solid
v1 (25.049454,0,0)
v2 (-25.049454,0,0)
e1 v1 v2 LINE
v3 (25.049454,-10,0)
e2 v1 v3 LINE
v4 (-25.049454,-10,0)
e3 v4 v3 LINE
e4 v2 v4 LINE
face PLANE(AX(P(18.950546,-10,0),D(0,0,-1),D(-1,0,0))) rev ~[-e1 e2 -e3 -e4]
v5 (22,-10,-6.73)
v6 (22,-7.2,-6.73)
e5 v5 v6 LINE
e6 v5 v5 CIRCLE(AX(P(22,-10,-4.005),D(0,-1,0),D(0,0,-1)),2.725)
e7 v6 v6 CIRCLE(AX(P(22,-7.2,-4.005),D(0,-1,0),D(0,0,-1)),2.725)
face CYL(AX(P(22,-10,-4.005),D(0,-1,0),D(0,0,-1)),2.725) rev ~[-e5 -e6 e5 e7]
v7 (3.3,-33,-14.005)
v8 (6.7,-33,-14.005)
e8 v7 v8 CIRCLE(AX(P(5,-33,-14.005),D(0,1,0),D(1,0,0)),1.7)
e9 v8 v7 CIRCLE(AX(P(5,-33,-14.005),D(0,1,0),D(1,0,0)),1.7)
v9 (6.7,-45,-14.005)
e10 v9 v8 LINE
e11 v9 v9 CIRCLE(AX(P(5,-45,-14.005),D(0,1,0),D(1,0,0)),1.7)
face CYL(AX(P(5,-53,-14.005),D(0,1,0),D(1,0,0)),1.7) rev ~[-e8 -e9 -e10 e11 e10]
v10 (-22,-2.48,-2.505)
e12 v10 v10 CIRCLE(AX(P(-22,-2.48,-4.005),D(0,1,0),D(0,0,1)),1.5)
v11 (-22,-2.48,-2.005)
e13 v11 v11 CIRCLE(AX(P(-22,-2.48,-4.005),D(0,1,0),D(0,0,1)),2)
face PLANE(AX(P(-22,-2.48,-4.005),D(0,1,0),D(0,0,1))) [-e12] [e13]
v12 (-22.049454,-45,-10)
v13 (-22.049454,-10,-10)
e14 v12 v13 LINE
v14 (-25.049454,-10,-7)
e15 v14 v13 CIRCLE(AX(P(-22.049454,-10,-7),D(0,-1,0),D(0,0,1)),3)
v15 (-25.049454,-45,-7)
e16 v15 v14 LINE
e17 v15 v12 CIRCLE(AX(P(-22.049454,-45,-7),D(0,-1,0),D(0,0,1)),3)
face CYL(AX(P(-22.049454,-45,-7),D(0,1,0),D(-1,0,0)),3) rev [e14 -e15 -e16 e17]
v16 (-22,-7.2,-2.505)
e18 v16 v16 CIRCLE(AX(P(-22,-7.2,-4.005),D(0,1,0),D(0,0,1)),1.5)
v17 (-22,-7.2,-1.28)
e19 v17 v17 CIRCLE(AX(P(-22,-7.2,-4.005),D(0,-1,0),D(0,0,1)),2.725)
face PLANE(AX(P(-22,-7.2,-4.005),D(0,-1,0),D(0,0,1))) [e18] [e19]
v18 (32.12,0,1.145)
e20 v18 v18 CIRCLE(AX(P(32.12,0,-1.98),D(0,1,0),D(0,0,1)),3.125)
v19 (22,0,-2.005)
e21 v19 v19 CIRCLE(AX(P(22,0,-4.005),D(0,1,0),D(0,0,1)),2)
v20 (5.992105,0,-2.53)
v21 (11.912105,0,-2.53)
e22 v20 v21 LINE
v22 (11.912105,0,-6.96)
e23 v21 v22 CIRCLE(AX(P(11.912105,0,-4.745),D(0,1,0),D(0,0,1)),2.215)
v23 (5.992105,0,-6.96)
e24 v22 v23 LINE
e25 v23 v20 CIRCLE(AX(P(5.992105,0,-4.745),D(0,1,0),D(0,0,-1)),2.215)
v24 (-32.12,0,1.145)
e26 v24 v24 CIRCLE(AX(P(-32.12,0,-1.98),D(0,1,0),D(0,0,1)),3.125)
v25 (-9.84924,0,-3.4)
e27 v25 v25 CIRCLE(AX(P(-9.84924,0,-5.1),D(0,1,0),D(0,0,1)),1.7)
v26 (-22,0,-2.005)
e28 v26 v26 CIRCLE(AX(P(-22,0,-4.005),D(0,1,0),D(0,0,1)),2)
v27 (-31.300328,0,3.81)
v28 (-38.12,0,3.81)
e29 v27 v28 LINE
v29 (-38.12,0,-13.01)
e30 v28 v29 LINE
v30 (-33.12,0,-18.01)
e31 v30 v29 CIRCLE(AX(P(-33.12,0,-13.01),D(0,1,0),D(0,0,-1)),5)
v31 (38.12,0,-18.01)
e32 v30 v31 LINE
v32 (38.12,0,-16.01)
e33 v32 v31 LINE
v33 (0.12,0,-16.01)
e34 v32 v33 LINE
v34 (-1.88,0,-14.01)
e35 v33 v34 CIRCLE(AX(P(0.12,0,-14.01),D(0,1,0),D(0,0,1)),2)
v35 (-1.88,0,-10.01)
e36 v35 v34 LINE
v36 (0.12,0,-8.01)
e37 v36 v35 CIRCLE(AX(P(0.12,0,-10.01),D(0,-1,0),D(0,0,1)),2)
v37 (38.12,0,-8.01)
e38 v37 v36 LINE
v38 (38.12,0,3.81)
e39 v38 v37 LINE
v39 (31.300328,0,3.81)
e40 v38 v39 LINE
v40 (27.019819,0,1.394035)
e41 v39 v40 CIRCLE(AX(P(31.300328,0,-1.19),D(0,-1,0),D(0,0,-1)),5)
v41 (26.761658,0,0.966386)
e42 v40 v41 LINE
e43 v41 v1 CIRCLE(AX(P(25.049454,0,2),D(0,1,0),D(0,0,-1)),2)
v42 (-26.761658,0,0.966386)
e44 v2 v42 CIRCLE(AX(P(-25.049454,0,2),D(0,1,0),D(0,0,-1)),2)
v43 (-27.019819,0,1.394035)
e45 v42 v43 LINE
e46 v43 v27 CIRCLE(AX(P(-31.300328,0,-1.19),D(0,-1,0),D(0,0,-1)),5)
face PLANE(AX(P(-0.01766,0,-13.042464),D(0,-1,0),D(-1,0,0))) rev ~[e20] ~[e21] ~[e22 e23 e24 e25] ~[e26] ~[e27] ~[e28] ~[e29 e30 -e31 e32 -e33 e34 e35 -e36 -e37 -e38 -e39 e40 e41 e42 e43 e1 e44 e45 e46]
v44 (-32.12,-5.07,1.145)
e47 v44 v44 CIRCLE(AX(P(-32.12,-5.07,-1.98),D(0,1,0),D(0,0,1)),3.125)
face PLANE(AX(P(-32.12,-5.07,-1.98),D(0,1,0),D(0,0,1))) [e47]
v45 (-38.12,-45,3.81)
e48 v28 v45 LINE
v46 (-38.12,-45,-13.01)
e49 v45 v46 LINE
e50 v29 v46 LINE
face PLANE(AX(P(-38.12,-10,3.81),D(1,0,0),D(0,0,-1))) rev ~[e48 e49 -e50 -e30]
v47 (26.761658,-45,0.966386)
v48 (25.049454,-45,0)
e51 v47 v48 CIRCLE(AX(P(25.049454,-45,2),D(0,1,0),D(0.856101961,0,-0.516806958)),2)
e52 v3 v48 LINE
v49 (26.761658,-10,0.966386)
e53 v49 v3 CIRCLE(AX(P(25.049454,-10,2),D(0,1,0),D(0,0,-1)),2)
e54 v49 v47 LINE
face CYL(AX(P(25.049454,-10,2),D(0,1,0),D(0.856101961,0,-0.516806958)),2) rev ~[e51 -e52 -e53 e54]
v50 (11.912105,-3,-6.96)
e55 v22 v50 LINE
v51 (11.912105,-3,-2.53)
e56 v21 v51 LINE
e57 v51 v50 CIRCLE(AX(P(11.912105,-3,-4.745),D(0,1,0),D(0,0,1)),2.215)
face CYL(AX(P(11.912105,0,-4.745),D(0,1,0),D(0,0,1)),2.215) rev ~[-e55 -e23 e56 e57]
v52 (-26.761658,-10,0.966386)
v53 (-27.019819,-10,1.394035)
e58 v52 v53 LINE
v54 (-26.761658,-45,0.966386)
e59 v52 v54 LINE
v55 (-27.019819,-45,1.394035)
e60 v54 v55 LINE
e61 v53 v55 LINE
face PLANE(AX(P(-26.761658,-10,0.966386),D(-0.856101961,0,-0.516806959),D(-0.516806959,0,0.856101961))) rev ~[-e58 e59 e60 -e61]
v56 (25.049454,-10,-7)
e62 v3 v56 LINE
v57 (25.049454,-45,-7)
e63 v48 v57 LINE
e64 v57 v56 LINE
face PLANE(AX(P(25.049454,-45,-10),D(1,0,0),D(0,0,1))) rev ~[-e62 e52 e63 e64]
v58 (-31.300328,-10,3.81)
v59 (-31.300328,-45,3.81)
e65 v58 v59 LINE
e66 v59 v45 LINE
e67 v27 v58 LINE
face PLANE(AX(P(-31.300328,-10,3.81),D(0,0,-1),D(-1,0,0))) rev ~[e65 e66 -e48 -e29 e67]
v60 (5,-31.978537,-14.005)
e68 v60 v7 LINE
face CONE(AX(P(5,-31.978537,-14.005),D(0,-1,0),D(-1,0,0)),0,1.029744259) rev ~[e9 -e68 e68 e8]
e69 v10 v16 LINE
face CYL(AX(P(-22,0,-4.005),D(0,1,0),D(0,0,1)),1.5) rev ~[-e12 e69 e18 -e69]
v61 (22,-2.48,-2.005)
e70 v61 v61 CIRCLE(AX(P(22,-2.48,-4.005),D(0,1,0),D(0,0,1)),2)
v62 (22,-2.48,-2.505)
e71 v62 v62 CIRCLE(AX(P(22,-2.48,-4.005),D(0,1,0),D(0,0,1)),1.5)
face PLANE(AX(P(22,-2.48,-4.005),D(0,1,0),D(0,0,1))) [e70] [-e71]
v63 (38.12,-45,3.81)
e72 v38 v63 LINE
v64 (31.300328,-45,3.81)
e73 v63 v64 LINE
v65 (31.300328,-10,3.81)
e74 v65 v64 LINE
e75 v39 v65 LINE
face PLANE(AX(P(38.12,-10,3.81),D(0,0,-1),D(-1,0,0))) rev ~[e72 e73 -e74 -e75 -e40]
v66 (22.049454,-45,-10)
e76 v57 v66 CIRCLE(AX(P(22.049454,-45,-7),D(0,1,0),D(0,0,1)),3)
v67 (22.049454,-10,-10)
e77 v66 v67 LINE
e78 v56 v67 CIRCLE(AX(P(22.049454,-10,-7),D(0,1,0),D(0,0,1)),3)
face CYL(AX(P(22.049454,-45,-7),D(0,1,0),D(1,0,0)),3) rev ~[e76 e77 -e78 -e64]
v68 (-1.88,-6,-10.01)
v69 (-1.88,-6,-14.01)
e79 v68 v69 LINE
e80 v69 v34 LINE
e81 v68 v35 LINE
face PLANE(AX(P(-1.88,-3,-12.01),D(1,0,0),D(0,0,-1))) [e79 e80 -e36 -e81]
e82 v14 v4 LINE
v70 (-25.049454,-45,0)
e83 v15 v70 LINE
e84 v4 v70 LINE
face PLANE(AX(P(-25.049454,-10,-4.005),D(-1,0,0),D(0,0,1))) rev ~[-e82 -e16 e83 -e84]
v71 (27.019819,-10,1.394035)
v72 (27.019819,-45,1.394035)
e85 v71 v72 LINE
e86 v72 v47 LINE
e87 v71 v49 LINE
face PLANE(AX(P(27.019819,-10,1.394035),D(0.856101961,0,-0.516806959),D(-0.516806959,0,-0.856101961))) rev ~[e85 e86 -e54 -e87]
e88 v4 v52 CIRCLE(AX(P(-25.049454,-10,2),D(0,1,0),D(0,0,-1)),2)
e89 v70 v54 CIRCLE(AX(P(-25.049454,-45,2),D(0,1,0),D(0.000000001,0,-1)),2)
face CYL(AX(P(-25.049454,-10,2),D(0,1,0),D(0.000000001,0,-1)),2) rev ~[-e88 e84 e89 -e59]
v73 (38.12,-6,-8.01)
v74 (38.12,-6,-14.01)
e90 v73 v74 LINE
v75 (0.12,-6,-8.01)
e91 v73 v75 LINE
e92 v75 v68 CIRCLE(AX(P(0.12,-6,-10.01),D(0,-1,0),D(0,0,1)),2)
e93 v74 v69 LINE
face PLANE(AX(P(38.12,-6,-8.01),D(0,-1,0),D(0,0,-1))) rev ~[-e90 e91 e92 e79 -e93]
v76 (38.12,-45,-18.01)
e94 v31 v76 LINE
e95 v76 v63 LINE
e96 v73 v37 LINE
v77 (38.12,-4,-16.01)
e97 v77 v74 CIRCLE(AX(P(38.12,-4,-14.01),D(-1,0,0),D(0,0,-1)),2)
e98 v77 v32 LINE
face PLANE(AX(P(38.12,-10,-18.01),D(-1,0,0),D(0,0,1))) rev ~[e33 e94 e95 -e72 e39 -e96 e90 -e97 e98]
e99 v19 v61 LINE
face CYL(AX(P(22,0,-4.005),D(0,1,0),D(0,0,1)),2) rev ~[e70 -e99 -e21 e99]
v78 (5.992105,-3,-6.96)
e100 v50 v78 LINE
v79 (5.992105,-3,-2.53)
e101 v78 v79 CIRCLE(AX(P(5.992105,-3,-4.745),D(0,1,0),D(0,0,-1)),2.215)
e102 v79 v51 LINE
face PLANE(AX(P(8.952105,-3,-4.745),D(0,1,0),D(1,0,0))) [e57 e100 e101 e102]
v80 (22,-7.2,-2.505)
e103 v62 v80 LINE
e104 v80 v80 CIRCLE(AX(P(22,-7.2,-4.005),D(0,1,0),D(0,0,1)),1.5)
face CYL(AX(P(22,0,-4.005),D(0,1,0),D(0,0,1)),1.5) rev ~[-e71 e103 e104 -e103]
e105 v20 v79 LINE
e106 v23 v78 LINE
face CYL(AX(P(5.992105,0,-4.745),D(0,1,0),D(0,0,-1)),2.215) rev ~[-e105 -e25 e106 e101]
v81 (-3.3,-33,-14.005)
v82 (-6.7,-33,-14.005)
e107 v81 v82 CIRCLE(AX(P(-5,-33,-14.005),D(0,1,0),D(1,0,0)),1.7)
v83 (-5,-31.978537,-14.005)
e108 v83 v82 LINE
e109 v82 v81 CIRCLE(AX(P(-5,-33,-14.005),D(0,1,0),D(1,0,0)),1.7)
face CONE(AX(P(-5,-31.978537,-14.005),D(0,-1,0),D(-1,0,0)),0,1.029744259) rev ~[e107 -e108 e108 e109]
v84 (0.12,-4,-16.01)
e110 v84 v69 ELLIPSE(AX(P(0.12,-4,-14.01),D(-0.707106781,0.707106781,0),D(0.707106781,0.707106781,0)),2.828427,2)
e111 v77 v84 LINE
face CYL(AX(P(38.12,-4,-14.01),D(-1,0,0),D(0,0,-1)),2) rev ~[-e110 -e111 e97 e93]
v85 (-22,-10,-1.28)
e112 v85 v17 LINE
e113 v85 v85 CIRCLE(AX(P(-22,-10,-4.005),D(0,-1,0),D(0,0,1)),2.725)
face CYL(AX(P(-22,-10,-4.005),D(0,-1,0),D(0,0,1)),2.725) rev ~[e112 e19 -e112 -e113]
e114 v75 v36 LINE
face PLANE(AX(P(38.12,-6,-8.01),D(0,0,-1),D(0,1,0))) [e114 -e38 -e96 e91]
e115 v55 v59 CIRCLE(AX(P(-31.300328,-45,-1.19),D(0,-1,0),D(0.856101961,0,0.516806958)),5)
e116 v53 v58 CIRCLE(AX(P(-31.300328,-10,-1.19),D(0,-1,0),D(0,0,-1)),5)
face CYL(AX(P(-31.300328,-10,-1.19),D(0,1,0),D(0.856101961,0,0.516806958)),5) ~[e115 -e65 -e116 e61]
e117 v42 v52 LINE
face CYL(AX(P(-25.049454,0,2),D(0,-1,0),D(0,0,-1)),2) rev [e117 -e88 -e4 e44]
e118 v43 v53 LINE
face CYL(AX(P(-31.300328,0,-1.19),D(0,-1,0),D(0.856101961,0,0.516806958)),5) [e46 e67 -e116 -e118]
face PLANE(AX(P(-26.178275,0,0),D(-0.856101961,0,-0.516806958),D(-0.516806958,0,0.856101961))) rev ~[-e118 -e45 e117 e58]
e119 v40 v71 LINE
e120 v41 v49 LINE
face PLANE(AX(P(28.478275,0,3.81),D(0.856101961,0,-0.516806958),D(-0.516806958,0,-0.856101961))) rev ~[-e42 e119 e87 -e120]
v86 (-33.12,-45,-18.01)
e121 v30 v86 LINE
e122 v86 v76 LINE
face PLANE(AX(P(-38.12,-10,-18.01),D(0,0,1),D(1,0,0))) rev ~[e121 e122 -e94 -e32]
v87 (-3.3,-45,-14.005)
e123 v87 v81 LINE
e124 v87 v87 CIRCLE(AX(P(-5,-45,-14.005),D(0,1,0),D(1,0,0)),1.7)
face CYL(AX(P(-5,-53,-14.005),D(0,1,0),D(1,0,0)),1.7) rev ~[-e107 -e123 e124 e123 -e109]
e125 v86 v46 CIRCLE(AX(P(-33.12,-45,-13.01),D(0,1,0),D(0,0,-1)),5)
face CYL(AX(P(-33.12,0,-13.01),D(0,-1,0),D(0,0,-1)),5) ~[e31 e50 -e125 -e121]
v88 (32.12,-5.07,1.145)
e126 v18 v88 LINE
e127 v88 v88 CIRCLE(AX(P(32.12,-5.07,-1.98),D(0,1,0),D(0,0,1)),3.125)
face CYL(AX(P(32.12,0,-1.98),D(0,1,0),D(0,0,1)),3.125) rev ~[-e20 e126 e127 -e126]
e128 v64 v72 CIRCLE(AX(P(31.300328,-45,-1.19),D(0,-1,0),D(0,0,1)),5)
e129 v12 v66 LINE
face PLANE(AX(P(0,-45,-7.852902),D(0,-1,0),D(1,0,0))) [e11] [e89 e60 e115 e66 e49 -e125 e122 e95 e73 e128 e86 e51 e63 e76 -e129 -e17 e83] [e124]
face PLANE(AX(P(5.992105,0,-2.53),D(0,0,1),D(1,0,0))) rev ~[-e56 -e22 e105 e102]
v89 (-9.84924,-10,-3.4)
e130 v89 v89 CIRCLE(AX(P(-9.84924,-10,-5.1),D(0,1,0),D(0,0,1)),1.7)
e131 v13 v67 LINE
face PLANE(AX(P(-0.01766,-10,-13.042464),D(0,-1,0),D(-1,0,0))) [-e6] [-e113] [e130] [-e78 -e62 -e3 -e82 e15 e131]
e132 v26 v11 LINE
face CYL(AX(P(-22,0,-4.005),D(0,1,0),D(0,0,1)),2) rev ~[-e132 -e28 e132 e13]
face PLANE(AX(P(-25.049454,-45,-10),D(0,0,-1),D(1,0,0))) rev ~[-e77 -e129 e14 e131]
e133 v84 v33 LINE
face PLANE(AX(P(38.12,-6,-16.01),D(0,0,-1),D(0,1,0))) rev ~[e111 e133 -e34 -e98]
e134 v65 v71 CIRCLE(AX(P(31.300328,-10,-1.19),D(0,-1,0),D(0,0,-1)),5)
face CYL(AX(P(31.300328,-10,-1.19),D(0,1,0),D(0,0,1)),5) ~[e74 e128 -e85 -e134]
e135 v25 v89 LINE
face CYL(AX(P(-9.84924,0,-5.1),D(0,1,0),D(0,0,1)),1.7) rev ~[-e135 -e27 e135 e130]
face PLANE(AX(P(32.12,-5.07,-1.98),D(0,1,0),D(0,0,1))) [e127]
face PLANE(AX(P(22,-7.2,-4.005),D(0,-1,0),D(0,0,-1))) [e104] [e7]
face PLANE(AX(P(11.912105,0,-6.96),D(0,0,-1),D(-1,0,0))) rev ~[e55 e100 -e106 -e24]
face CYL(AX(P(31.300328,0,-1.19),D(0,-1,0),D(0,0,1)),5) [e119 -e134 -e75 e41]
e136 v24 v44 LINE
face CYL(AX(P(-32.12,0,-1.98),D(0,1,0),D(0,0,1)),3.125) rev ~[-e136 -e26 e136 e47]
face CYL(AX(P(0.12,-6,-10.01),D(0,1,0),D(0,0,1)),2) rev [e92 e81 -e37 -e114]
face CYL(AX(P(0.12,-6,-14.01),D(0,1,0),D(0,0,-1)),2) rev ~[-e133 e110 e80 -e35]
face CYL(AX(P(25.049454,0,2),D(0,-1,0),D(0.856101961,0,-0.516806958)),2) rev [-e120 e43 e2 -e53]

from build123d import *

# Parameters (mm, degrees)
SKETCH1_R                      = 2
SKETCH1_R_2                    = 3.125
SKETCH1_R_3                    = 1.7
BOSS_EXTRUDE1_DEPTH            = 10
FILLET2_R                      = 5
FILLET1_R                      = 2
SKETCH1_4_R                    = 3.125
CUT_EXTRUDE3_DEPTH             = 5.07
SKETCH1_7_R                    = 1.7
CUT_EXTRUDE6_DEPTH             = 10
CUT_EXTRUDE5_DEPTH             = 3
SKETCH1_5_R                    = 2
CUT_EXTRUDE4_DEPTH             = 2.48
SKETCH4_R                      = 1.5
CUT_EXTRUDE7_DEPTH             = 10
SKETCH5_R                      = 2.725
CUT_EXTRUDE8_DEPTH             = 2.8
BOSS_EXTRUDE2_DEPTH            = 10
BOSS_EXTRUDE3_DEPTH            = 35
FILLET13_R                     = 5
SKETCH10_W                     = 8
SKETCH10_H                     = 6
CUT_EXTRUDE12_DEPTH            = 40
FILLET14_R                     = 2
SKETCH27_W                     = 50.098907978
SKETCH27_H                     = 10
CUT_EXTRUDE22_DEPTH            = 35
FILLET17_R                     = 3
CBORE_FOR_M3_SHCS1_D           = 3.4
CBORE_FOR_M3_SHCS1_DEPTH       = 20
CBORE_FOR_M3_SHCS1_CBORE_D     = 6.5
CBORE_FOR_M3_SHCS1_CBORE_DEPTH = 3
CBORE_FOR_M3_SHCS1_TIP         = 1.021463052


with BuildPart() as part:
    # Sketch1 → Boss-Extrude1 (new body)
    with BuildSketch(Plane(origin=(0, 0, 0), x_dir=(1, 0, 0), z_dir=(0, 1, 0))):
        with BuildLine():
            ThreePointArc((-11.409245094, 8.977987014), (-9.849239736, 9.28), (-8.289234378, 8.977987014))
            ThreePointArc((-8.289234378, 8.977987014), (-5.835653376, 8.254222737), (-3.289234378, 8.01))
            Line((-3.289234378, 8.01), (38.12, 8.01))
            Line((38.12, 8.01), (38.12, -3.81))
            Line((38.12, -3.81), (28.478275237, -3.81))
            Line((28.478275237, -3.81), (26.178275237, 0))
            Line((26.178275237, 0), (-26.178275237, 0))
            Line((-26.178275237, 0), (-28.478275237, -3.81))
            Line((-28.478275237, -3.81), (-38.12, -3.81))
            Line((-38.12, -3.81), (-38.12, 8.01))
            Line((-38.12, 8.01), (-16.409245094, 8.01))
            ThreePointArc((-16.409245094, 8.01), (-13.862826096, 8.254222737), (-11.409245094, 8.977987014))
        make_face()
        with Locations((22, 4.005)):
            Circle(SKETCH1_R, mode=Mode.SUBTRACT)
        with Locations((-22, 4.005)):
            Circle(SKETCH1_R, mode=Mode.SUBTRACT)
        with Locations((-32.12, 1.98)):
            Circle(SKETCH1_R_2, mode=Mode.SUBTRACT)
        with Locations((32.12, 1.98)):
            Circle(SKETCH1_R_2, mode=Mode.SUBTRACT)
        with Locations((-9.849239736, 5.1)):
            Circle(SKETCH1_R_3, mode=Mode.SUBTRACT)
        with BuildLine():
            ThreePointArc((11.912105026, 2.53), (14.127105026, 4.745), (11.912105026, 6.96))
            Line((11.912105026, 6.96), (5.992105026, 6.96))
            ThreePointArc((5.992105026, 6.96), (3.777105026, 4.745), (5.992105026, 2.53))
            Line((5.992105026, 2.53), (11.912105026, 2.53))
        make_face(mode=Mode.SUBTRACT)
        with Locations((-22, 4.005)):
            Circle(SKETCH1_R)
        with Locations((-9.849239736, 5.1)):
            Circle(SKETCH1_R_3)
        with Locations((-32.12, 1.98)):
            Circle(SKETCH1_R_2)
        with BuildLine():
            Line((5.992105026, 2.53), (11.912105026, 2.53))
            ThreePointArc((11.912105026, 2.53), (14.127105026, 4.745), (11.912105026, 6.96))
            Line((11.912105026, 6.96), (5.992105026, 6.96))
            ThreePointArc((5.992105026, 6.96), (3.777105026, 4.745), (5.992105026, 2.53))
        make_face()
        with Locations((22, 4.005)):
            Circle(SKETCH1_R)
        with Locations((32.12, 1.98)):
            Circle(SKETCH1_R_2)
    extrude(amount=-BOSS_EXTRUDE1_DEPTH)

    # Fillet2
    fillet2_edges = [part.edges().sort_by_distance(p)[0] for p in [
        (28.478275237, -5, 3.81),
        (-28.478275237, -5, 3.81),
    ]]
    fillet(fillet2_edges, radius=FILLET2_R)

    # Fillet1
    fillet1_edges = [part.edges().sort_by_distance(p)[0] for p in [
        (26.178275237, -5, 0),
        (-26.178275237, -5, 0),
    ]]
    fillet(fillet1_edges, radius=FILLET1_R)

    # Sketch1_4 → Cut-Extrude3 (cut)
    with BuildSketch(Plane(origin=(0, 0, 0), x_dir=(1, 0, 0), z_dir=(0, 1, 0))):
        with Locations(Location((32.12, 1.98, 0), (0, 0, 270))):
            Circle(SKETCH1_4_R)
        with Locations(Location((-32.12, 1.98, 0), (0, 0, 270))):
            Circle(SKETCH1_4_R)
    extrude(amount=-CUT_EXTRUDE3_DEPTH, mode=Mode.SUBTRACT)

    # Sketch1_7 → Cut-Extrude6 (cut)
    with BuildSketch(Plane(origin=(0, 0, 0), x_dir=(1, 0, 0), z_dir=(0, 1, 0))):
        with Locations(Location((-9.849239736, 5.1, 0), (0, 0, 270))):
            Circle(SKETCH1_7_R)
    extrude(amount=-CUT_EXTRUDE6_DEPTH, mode=Mode.SUBTRACT)

    # Sketch1_6 → Cut-Extrude5 (cut)
    with BuildSketch(Plane(origin=(0, 0, 0), x_dir=(1, 0, 0), z_dir=(0, 1, 0))):
        with BuildLine():
            Line((5.992105026, 2.53), (11.912105026, 2.53))
            ThreePointArc((11.912105026, 2.53), (14.127105026, 4.745), (11.912105026, 6.96))
            Line((11.912105026, 6.96), (5.992105026, 6.96))
            ThreePointArc((5.992105026, 6.96), (3.777105026, 4.745), (5.992105026, 2.53))
        make_face()
    extrude(amount=-CUT_EXTRUDE5_DEPTH, mode=Mode.SUBTRACT)

    # Sketch1_5 → Cut-Extrude4 (cut)
    with BuildSketch(Plane(origin=(0, 0, 0), x_dir=(1, 0, 0), z_dir=(0, 1, 0))):
        with Locations(Location((-22, 4.005, 0), (0, 0, 270))):
            Circle(SKETCH1_5_R)
        with Locations(Location((22, 4.005, 0), (0, 0, 270))):
            Circle(SKETCH1_5_R)
    extrude(amount=-CUT_EXTRUDE4_DEPTH, mode=Mode.SUBTRACT)

    # Sketch4 → Cut-Extrude7 (cut)
    with BuildSketch(Plane(origin=(0, 0, 0), x_dir=(1, 0, 0), z_dir=(0, 1, 0))):
        with Locations(Location((-22, 4.005, 0), (0, 0, 270))):
            Circle(SKETCH4_R)
        with Locations(Location((22, 4.005, 0), (0, 0, 270))):
            Circle(SKETCH4_R)
    extrude(amount=-CUT_EXTRUDE7_DEPTH, mode=Mode.SUBTRACT)

    # Sketch5 → Cut-Extrude8 (cut)
    with BuildSketch(Plane.XZ.offset(10)):
        with Locations(Location((22, -4.005, 0), (0, 0, 270))):
            Circle(SKETCH5_R)
        with Locations(Location((-22, -4.005, 0), (0, 0, 90))):
            Circle(SKETCH5_R)
    extrude(amount=-CUT_EXTRUDE8_DEPTH, mode=Mode.SUBTRACT)

    # Sketch6 → Boss-Extrude2 (add)
    with BuildSketch(Plane(origin=(0, 0, 0), x_dir=(1, 0, 0), z_dir=(0, 1, 0))):
        with BuildLine():
            Line((-38.12, 8.01), (-38.12, 18.01))
            Line((-38.12, 18.01), (38.12, 18.01))
            Line((38.12, 18.01), (38.12, 8.01))
            Line((38.12, 8.01), (-3.289234378, 8.01))
            ThreePointArc((-3.289234378, 8.01), (-5.835653376, 8.254222737), (-8.289234378, 8.977987014))
            ThreePointArc((-8.289234378, 8.977987014), (-9.849239736, 9.28), (-11.409245094, 8.977987014))
            ThreePointArc((-11.409245094, 8.977987014), (-13.862826096, 8.254222737), (-16.409245094, 8.01))
            Line((-16.409245094, 8.01), (-38.12, 8.01))
        make_face()
    extrude(amount=-BOSS_EXTRUDE2_DEPTH)

    # Sketch8 → Boss-Extrude3 (add)
    with BuildSketch(Plane.XZ.offset(10)):
        with BuildLine():
            Line((18.950546011, 0), (-18.950546011, 0))
            Line((-18.950546011, 0), (-18.950546011, -4.005))
            ThreePointArc((-18.950546011, -4.005), (-22, -7.054453989), (-25.049453989, -4.005))
            Line((-25.049453989, -4.005), (-25.049453989, 0))
            ThreePointArc((-25.049453989, 0), (-26.032503369, 0.25827272), (-26.761657912, 0.966386084))
            Line((-26.761657912, 0.966386084), (-27.019818549, 1.394034791))
            ThreePointArc((-27.019818549, 1.394034791), (-28.842704905, 3.164318199), (-31.300328355, 3.81))
            Line((-31.300328355, 3.81), (-38.12, 3.81))
            Line((-38.12, 3.81), (-38.12, -18.01))
            Line((-38.12, -18.01), (38.12, -18.01))
            Line((38.12, -18.01), (38.12, 3.81))
            Line((38.12, 3.81), (31.300328355, 3.81))
            ThreePointArc((31.300328355, 3.81), (28.842704905, 3.164318199), (27.019818549, 1.394034791))
            Line((27.019818549, 1.394034791), (26.761657912, 0.966386084))
            ThreePointArc((26.761657912, 0.966386084), (26.032503369, 0.25827272), (25.049453989, 0))
            Line((25.049453989, 0), (25.049453989, -4.005))
            ThreePointArc((25.049453989, -4.005), (22, -7.054453989), (18.950546011, -4.005))
            Line((18.950546011, -4.005), (18.950546011, 0))
        make_face()
    extrude(amount=BOSS_EXTRUDE3_DEPTH)

    # Fillet13
    fillet13_edges = [part.edges().sort_by_distance(p)[0] for p in [
        (-38.12, -22.5, -18.01),
    ]]
    fillet(fillet13_edges, radius=FILLET13_R)

    # Sketch10 → Cut-Extrude12 (cut)
    with BuildSketch(Plane(origin=(38.12, 0, 0), x_dir=(0, 0, -1), z_dir=(1, 0, 0))):
        with Locations((12.01, -3)):
            Rectangle(SKETCH10_W, SKETCH10_H)
    extrude(amount=-CUT_EXTRUDE12_DEPTH, mode=Mode.SUBTRACT)

    # Fillet14
    fillet14_edges = [part.edges().sort_by_distance(p)[0] for p in [
        (-1.88, -3, -16.01),
        (18.12, -6, -16.01),
        (-1.88, -3, -8.01),
    ]]
    fillet(fillet14_edges, radius=FILLET14_R)

    # Sketch27 → Cut-Extrude22 (cut)
    with BuildSketch(Plane.XZ.offset(45)):
        with Locations((0, -5)):
            Rectangle(SKETCH27_W, SKETCH27_H)
    extrude(amount=-CUT_EXTRUDE22_DEPTH, mode=Mode.SUBTRACT)

    # Fillet17
    fillet17_edges = [part.edges().sort_by_distance(p)[0] for p in [
        (-25.049453989, -27.5, -10),
        (25.049453989, -27.5, -10),
    ]]
    fillet(fillet17_edges, radius=FILLET17_R)

    # CBORE for M3 SHCS1
    with Locations(Plane(origin=(0, -53, 22.49), x_dir=(-1, 0, 0), z_dir=(0, -1, 0))):
        with Locations((-5, 36.495), (5, 36.495)):
            CounterBoreHole(CBORE_FOR_M3_SHCS1_D / 2, CBORE_FOR_M3_SHCS1_CBORE_D / 2, CBORE_FOR_M3_SHCS1_CBORE_DEPTH, depth=CBORE_FOR_M3_SHCS1_DEPTH)
            with Locations((0, 0, -(CBORE_FOR_M3_SHCS1_DEPTH + CBORE_FOR_M3_SHCS1_TIP / 2))):  # 118° drill point
                Cone(0, CBORE_FOR_M3_SHCS1_D / 2, CBORE_FOR_M3_SHCS1_TIP, mode=Mode.SUBTRACT)


solid = part.part
